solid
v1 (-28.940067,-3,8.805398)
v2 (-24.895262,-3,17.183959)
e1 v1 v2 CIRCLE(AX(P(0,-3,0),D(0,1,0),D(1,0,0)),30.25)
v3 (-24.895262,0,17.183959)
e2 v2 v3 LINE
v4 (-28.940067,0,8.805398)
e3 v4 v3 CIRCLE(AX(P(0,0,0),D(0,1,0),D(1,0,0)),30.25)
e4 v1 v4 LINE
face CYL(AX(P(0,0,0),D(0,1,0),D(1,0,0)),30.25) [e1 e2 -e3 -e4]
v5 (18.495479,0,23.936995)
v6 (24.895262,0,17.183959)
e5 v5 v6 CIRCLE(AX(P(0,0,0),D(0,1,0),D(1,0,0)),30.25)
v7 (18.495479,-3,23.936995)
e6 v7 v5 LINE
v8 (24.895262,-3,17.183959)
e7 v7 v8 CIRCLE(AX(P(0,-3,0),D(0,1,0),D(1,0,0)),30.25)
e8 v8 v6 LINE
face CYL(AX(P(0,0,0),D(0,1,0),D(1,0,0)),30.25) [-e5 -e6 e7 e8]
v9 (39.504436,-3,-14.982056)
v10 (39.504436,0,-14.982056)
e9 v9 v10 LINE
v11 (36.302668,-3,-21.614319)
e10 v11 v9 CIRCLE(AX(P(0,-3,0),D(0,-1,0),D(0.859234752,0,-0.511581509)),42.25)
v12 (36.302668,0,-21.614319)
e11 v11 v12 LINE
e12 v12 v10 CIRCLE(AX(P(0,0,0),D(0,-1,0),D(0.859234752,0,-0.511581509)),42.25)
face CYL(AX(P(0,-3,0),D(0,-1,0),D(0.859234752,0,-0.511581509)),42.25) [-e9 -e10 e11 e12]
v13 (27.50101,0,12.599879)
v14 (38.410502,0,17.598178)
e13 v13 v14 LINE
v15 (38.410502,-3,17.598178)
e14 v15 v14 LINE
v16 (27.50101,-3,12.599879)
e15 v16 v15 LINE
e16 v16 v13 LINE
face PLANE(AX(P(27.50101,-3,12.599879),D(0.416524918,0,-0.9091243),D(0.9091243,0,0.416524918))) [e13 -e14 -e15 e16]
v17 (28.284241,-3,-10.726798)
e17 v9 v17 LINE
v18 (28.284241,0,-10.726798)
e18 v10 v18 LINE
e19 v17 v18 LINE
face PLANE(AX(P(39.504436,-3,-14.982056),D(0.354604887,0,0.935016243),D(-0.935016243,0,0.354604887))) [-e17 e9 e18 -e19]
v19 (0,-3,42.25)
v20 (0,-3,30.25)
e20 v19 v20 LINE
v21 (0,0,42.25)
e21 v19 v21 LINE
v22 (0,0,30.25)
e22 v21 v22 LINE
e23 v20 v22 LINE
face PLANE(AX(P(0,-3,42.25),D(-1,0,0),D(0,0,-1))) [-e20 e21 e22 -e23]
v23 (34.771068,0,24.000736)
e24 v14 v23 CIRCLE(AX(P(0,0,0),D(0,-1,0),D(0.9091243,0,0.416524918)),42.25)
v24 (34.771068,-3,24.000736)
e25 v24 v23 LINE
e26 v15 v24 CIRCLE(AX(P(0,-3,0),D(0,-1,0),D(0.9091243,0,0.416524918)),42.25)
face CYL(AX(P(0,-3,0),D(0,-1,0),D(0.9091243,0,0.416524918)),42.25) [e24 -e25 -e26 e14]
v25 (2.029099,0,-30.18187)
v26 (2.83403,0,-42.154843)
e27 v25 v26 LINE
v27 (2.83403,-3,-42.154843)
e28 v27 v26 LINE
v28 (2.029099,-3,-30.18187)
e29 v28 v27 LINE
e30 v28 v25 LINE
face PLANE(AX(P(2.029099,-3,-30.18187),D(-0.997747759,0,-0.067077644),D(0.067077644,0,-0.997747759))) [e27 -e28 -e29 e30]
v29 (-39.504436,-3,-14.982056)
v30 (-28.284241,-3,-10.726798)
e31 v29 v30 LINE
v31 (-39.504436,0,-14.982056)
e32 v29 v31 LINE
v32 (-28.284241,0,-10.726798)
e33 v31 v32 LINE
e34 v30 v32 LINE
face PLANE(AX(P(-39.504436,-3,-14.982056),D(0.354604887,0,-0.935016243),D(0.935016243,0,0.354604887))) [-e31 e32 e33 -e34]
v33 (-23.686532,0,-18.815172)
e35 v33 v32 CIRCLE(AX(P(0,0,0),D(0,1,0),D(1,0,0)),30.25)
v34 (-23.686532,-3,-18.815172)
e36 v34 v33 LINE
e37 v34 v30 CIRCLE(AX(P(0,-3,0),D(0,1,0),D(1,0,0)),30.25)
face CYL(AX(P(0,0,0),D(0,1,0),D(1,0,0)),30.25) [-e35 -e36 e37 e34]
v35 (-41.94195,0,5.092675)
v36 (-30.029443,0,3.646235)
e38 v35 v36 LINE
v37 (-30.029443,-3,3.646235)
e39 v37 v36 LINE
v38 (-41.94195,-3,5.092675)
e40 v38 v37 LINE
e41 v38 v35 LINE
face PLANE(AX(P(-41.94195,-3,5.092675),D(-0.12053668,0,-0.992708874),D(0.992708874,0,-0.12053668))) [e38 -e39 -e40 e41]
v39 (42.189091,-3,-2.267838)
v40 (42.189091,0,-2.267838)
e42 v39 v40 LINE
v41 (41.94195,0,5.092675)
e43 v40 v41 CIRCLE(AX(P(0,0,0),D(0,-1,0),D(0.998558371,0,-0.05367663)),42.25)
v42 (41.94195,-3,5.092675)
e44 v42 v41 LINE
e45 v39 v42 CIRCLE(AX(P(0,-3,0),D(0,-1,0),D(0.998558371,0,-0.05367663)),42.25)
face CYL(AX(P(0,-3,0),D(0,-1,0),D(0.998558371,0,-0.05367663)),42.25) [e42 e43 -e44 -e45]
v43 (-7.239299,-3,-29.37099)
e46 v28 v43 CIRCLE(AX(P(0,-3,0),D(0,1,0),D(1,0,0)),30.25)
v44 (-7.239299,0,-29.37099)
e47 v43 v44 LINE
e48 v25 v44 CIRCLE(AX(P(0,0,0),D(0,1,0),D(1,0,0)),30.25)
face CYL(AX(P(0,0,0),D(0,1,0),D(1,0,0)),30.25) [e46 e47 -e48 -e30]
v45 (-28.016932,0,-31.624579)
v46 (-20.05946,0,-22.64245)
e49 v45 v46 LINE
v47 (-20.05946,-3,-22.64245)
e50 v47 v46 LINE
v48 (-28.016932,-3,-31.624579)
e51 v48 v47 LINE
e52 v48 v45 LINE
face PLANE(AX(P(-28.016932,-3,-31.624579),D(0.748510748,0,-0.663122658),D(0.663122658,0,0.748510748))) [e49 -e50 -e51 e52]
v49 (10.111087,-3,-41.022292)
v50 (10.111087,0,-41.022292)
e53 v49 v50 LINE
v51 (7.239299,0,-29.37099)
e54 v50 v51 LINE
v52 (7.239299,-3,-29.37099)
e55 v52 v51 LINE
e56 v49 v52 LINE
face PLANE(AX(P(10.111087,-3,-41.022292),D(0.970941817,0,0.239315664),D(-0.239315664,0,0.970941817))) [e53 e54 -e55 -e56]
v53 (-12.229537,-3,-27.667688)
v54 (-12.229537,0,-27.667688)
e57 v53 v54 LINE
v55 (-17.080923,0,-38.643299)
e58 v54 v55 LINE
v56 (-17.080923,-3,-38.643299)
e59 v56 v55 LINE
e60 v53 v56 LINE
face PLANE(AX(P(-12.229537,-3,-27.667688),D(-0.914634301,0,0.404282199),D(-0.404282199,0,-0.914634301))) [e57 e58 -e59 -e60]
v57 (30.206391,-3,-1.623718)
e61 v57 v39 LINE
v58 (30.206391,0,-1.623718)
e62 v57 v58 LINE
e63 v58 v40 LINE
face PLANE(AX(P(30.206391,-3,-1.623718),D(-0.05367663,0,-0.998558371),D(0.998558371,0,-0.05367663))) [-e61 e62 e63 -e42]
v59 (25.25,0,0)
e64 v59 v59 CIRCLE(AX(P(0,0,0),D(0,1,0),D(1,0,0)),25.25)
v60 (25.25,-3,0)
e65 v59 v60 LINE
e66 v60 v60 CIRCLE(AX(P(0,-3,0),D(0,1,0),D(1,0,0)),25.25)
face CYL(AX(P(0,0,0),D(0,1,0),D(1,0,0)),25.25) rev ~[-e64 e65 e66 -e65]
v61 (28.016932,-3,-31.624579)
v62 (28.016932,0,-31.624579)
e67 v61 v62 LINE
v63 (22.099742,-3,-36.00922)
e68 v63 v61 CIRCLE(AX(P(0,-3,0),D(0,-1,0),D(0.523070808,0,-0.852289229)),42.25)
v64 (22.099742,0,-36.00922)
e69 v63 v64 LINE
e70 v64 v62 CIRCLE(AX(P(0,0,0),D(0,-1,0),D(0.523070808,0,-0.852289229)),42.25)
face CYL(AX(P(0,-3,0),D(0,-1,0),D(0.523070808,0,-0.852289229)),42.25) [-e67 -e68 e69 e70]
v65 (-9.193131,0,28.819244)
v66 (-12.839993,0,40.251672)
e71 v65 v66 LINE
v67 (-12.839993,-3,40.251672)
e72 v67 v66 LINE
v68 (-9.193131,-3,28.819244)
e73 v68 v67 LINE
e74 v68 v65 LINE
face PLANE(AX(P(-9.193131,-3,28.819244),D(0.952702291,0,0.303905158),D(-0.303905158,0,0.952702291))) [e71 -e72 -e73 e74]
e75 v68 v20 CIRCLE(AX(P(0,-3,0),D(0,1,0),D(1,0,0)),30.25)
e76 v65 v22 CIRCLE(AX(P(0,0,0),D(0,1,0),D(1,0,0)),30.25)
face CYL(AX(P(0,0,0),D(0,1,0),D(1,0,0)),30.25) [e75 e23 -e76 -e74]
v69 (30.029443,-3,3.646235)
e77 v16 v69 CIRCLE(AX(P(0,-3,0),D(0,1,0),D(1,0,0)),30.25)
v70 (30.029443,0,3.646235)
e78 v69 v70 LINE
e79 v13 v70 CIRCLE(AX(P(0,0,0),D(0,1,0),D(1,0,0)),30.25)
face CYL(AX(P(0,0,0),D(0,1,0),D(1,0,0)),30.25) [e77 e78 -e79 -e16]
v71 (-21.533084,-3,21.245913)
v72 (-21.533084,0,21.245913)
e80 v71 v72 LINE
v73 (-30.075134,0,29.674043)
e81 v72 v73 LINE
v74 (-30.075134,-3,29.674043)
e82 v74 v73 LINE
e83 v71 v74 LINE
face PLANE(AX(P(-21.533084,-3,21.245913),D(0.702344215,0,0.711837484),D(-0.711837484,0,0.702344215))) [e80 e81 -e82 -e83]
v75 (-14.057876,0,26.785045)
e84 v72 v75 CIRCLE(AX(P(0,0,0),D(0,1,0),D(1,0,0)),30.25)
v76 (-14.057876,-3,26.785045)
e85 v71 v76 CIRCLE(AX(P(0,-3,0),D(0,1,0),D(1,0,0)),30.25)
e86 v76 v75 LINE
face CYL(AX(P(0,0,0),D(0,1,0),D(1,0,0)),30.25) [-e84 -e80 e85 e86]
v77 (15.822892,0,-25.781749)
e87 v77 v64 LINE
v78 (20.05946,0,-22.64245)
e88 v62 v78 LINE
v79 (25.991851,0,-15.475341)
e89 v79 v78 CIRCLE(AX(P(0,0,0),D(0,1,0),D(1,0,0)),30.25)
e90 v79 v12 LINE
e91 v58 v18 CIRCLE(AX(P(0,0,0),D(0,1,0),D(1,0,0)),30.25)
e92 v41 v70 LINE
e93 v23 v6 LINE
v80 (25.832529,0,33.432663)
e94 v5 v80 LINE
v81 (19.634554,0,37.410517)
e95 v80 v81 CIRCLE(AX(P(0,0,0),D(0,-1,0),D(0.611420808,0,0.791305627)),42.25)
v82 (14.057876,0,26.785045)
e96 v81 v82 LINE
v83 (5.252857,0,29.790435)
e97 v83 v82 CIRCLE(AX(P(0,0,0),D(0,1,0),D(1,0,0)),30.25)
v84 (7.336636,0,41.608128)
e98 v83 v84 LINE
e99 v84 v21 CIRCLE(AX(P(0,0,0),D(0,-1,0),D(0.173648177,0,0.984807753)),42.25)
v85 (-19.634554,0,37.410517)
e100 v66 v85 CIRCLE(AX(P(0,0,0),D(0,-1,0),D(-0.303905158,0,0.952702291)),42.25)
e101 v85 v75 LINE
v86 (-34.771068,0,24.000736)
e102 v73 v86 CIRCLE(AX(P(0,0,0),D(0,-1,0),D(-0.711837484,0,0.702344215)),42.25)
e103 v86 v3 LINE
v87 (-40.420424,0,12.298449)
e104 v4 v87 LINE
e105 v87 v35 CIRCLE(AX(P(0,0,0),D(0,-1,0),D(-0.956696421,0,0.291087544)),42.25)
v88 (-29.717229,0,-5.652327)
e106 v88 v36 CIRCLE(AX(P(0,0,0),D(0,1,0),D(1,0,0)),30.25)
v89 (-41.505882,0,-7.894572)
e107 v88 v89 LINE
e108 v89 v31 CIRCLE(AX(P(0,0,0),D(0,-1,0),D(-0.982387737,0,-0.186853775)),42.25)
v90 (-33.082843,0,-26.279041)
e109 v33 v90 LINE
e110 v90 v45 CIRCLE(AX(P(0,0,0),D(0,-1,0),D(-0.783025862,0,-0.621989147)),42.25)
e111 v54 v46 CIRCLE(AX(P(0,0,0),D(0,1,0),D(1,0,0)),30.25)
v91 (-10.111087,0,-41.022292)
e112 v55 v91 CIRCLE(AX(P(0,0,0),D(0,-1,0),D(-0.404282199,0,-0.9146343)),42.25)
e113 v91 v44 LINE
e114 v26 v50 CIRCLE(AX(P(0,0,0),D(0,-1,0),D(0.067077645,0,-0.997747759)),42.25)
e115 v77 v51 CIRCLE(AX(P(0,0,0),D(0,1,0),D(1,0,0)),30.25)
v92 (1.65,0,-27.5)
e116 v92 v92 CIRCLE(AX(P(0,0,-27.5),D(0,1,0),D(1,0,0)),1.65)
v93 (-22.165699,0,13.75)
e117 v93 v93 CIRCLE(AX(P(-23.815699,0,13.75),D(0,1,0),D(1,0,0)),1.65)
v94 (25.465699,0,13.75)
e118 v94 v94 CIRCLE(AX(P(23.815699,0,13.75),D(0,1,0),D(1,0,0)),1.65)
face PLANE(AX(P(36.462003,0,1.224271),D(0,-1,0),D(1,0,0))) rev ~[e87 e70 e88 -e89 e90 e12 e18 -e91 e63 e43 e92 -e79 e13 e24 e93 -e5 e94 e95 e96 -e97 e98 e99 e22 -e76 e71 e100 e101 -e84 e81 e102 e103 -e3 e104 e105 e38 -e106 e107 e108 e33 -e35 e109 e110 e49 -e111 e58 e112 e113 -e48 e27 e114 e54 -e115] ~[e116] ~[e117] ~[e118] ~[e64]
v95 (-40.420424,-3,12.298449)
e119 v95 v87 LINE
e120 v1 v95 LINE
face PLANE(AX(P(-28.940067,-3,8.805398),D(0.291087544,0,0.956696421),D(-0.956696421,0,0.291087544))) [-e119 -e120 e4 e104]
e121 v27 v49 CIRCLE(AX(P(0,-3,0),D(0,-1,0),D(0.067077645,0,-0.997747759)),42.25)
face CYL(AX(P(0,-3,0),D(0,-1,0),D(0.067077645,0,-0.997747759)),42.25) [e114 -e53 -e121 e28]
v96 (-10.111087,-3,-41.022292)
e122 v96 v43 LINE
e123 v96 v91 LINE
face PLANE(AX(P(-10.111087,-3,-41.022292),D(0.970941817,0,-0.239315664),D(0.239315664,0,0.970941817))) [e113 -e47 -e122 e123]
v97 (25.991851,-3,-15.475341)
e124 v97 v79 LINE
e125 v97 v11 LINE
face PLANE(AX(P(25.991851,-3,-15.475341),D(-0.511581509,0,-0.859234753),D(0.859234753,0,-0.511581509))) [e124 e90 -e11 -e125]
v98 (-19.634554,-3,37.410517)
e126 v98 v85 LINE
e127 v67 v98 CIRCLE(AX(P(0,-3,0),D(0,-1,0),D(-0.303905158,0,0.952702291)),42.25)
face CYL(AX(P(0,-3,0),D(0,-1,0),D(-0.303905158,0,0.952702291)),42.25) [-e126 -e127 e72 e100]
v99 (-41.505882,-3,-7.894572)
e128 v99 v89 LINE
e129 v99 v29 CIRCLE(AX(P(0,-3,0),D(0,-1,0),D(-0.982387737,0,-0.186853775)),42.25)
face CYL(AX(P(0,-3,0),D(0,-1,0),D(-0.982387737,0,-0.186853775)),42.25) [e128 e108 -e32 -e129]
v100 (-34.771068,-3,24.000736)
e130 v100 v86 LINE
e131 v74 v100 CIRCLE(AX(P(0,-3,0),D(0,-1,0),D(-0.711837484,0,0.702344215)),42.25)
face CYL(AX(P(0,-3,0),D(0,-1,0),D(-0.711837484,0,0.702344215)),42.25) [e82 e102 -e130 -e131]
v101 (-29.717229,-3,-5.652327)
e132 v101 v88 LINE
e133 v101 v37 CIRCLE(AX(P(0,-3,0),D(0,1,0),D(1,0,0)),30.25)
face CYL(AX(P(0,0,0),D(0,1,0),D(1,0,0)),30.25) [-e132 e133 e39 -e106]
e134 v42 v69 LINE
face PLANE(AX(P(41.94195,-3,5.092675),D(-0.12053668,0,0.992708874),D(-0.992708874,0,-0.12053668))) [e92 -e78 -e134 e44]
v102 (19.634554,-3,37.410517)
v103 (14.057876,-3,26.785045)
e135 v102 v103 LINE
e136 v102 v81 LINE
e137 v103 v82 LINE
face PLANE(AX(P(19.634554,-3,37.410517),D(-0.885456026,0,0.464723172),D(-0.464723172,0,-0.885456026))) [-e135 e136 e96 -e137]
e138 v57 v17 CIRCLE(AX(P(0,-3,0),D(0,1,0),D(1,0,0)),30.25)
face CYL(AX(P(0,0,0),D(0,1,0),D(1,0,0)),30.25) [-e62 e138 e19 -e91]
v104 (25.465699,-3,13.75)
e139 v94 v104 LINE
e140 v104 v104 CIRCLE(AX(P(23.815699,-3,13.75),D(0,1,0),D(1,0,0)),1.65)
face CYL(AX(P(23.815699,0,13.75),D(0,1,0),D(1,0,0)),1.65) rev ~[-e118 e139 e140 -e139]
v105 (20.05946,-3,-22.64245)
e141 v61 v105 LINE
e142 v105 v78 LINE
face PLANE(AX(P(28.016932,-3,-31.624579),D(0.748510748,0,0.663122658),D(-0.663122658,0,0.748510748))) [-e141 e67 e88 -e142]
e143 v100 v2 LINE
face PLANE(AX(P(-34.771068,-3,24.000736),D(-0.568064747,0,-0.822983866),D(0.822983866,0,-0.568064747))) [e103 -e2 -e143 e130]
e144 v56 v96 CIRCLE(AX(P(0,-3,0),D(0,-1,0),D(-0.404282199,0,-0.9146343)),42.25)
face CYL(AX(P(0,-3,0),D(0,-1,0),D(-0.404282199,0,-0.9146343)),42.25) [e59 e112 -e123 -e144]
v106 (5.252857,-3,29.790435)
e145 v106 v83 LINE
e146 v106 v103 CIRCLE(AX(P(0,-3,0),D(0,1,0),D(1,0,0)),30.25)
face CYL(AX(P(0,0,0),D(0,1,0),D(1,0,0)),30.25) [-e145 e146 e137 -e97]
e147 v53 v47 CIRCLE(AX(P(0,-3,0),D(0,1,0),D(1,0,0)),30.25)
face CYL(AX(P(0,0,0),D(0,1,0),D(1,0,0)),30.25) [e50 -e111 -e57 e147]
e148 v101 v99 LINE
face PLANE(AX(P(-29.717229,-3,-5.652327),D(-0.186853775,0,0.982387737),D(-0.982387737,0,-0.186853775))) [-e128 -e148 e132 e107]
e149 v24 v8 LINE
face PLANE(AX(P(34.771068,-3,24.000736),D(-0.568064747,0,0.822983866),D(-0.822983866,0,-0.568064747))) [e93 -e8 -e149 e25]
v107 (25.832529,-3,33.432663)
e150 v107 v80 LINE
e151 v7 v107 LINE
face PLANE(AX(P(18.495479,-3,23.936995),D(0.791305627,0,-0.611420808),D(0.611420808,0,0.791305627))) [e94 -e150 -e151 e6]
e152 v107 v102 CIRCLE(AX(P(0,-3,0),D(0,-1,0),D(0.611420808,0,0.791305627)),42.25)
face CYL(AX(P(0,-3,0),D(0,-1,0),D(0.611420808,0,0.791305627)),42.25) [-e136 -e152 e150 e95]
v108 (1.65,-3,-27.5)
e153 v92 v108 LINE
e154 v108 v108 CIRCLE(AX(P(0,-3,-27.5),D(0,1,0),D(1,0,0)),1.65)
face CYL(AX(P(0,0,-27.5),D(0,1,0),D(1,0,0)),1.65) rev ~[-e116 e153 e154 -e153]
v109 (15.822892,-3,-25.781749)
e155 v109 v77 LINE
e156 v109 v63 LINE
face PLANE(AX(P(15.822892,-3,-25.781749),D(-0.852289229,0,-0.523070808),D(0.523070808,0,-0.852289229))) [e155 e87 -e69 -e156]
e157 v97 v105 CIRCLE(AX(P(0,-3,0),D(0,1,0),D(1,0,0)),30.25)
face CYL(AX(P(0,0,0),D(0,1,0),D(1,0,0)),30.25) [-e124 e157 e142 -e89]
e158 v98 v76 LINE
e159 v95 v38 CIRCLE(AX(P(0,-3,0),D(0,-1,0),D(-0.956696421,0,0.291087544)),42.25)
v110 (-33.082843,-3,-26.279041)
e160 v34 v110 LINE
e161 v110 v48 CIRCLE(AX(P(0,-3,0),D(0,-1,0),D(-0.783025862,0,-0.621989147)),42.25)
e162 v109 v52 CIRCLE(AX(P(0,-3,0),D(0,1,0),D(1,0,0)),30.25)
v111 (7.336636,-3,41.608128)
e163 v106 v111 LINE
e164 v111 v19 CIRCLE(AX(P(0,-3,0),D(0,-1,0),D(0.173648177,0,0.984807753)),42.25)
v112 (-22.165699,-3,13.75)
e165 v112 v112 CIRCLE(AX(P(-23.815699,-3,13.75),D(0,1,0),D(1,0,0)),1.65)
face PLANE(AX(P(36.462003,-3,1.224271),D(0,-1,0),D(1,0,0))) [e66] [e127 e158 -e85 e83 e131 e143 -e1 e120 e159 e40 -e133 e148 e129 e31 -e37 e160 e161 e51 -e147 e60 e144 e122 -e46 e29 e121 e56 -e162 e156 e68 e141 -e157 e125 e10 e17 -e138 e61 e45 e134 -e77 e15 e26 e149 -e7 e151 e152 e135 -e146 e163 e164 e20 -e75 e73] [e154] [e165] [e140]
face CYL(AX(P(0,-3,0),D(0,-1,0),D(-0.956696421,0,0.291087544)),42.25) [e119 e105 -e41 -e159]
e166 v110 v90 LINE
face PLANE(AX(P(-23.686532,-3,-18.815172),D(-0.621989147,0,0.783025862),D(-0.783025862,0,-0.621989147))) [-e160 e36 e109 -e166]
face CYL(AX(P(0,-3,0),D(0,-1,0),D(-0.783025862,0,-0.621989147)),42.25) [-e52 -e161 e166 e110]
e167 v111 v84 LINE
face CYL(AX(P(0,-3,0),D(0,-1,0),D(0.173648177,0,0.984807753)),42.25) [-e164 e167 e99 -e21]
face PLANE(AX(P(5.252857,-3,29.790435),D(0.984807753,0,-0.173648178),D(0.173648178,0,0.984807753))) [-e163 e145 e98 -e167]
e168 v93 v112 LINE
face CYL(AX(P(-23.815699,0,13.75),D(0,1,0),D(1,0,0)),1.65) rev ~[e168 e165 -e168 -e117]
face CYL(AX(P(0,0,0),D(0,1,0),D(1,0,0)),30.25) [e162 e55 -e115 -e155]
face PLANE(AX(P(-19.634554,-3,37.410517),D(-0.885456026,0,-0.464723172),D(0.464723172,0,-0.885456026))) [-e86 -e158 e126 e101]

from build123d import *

# Parameters (mm, degrees)
SKETCH1_R           = 30.25
SKETCH1_R_2         = 25.25
EXTRUDE_THIN1_DEPTH = 3
SKETCH2_R           = 1.65
CUT_EXTRUDE3_DEPTH  = 10
BOSS_EXTRUDE1_DEPTH = 3


with BuildPart() as part:
    # Sketch1 → Extrude-Thin1 (new body)
    with BuildSketch(Plane(origin=(0, 0, 0), x_dir=(1, 0, 0), z_dir=(0, 1, 0))):
        Circle(SKETCH1_R)
        Circle(SKETCH1_R_2, mode=Mode.SUBTRACT)
    extrude(amount=-EXTRUDE_THIN1_DEPTH)

    # Sketch2 → Cut-Extrude3 (cut)
    with BuildSketch(Plane(origin=(0, 0, 0), x_dir=(1, 0, 0), z_dir=(0, 1, 0))):
        with Locations((0, 27.5)):
            Circle(SKETCH2_R)
        with Locations((23.815698604, -13.75)):
            Circle(SKETCH2_R)
        with Locations((-23.815698604, -13.75)):
            Circle(SKETCH2_R)
    extrude(amount=-CUT_EXTRUDE3_DEPTH, mode=Mode.SUBTRACT)

    # Sketch5 → Boss-Extrude1 (add)
    with BuildSketch(Plane.XZ.offset(3)):
        with BuildLine():
            Line((0, 42.25), (0, 30.25))
            ThreePointArc((0, 30.25), (2.636461218, 30.134889617), (5.252857374, 29.790434529))
            Line((5.252857374, 29.790434529), (7.336635506, 41.608127565))
            ThreePointArc((7.336635506, 41.608127565), (3.682330131, 42.089225994), (0, 42.25))
        make_face()
        with BuildLine():
            Line((19.634554019, 37.410517084), (14.057875954, 26.785044776))
            ThreePointArc((14.057875954, 26.785044776), (16.338851964, 25.457894974), (18.495479445, 23.936995219))
            Line((18.495479445, 23.936995219), (25.832529142, 33.432662744))
            ThreePointArc((25.832529142, 33.432662744), (22.820380016, 35.556894633), (19.634554019, 37.410517084))
        make_face()
        with BuildLine():
            Line((34.771068334, 24.000735549), (24.895261943, 17.183958589))
            ThreePointArc((24.895261943, 17.183958589), (26.29820863, 14.948803393), (27.501010069, 12.599878777))
            Line((27.501010069, 12.599878777), (38.410501667, 17.598177795))
            ThreePointArc((38.410501667, 17.598177795), (36.730555855, 20.878907218), (34.771068334, 24.000735549))
        make_face()
        with BuildLine():
            Line((41.941949931, 5.092674741), (30.029443441, 3.646234578))
            ThreePointArc((30.029443441, 3.646234578), (30.232962626, 1.015121107), (30.20639071, -1.623718049))
            Line((30.20639071, -1.623718049), (42.189091156, -2.267837605))
            ThreePointArc((42.189091156, -2.267837605), (42.226203998, 1.417813777), (41.941949931, 5.092674741))
        make_face()
        with BuildLine():
            Line((39.504436253, -14.982056478), (28.284241341, -10.726797833))
            ThreePointArc((28.284241341, -10.726797833), (27.241709231, -13.151113191), (25.991851265, -15.475340637))
            Line((25.991851265, -15.475340637), (36.302668296, -21.61431874))
            ThreePointArc((36.302668296, -21.61431874), (38.048337687, -18.368083713), (39.504436253, -14.982056478))
        make_face()
        with BuildLine():
            Line((28.016932311, -31.62457911), (20.059460412, -22.642450132))
            ThreePointArc((20.059460412, -22.642450132), (18.00970855, -24.304585945), (15.822891931, -25.781749183))
            Line((15.822891931, -25.781749183), (22.099741623, -36.009219933))
            ThreePointArc((22.099741623, -36.009219933), (25.154055743, -33.946074584), (28.016932311, -31.62457911))
        make_face()
        with BuildLine():
            Line((10.111086816, -41.022291786), (7.239298845, -29.370989977))
            ThreePointArc((7.239298845, -29.370989977), (4.65190068, -29.890170961), (2.029098743, -30.181869695))
            Line((2.029098743, -30.181869695), (2.834030476, -42.154842797))
            ThreePointArc((2.834030476, -42.154842797), (6.497282768, -41.747428862), (10.111086816, -41.022291786))
        make_face()
        with BuildLine():
            Line((-10.111086816, -41.022291786), (-7.239298845, -29.370989977))
            ThreePointArc((-7.239298845, -29.370989977), (-9.771601574, -28.628278025), (-12.229536514, -27.667687591))
            Line((-12.229536514, -27.667687591), (-17.0809229, -38.643299198))
            ThreePointArc((-17.0809229, -38.643299198), (-13.647939388, -39.9849503), (-10.111086816, -41.022291786))
        make_face()
        with BuildLine():
            Line((-28.016932311, -31.62457911), (-20.059460412, -22.642450132))
            ThreePointArc((-20.059460412, -22.642450132), (-21.956547668, -20.807991602), (-23.686532338, -18.815171692))
            Line((-23.686532338, -18.815171692), (-33.082842687, -26.279041454))
            ThreePointArc((-33.082842687, -26.279041454), (-30.666583106, -29.062401494), (-28.016932311, -31.62457911))
        make_face()
        with BuildLine():
            Line((-39.504436253, -14.982056478), (-28.284241341, -10.726797833))
            ThreePointArc((-28.284241341, -10.726797833), (-29.111513296, -8.220845067), (-29.717229057, -5.652326705))
            Line((-29.717229057, -5.652326705), (-41.505881906, -7.89457201))
            ThreePointArc((-41.505881906, -7.89457201), (-40.659882207, -11.482006746), (-39.504436253, -14.982056478))
        make_face()
        with BuildLine():
            Line((-41.941949931, 5.092674741), (-30.029443441, 3.646234578))
            ThreePointArc((-30.029443441, 3.646234578), (-29.59738206, 6.249598002), (-28.94006673, 8.805398211))
            Line((-28.94006673, 8.805398211), (-40.42042378, 12.298448742))
            ThreePointArc((-40.42042378, 12.298448742), (-41.338492299, 8.728777374), (-41.941949931, 5.092674741))
        make_face()
        with BuildLine():
            Line((-34.771068334, 24.000735549), (-24.895261943, 17.183958589))
            ThreePointArc((-24.895261943, 17.183958589), (-23.302847281, 19.288333484), (-21.533083881, 21.245912515))
            Line((-21.533083881, 21.245912515), (-30.075133685, 29.674043099))
            ThreePointArc((-30.075133685, 29.674043099), (-32.546951988, 26.939903791), (-34.771068334, 24.000735549))
        make_face()
        with BuildLine():
            Line((-19.634554019, 37.410517084), (-14.057875954, 26.785044776))
            ThreePointArc((-14.057875954, 26.785044776), (-11.66991102, 27.908344214), (-9.193131017, 28.819244302))
            Line((-9.193131017, 28.819244302), (-12.839992908, 40.251671793))
            ThreePointArc((-12.839992908, 40.251671793), (-16.29929721, 38.979422911), (-19.634554019, 37.410517084))
        make_face()
    extrude(amount=-BOSS_EXTRUDE1_DEPTH)


solid = part.part
